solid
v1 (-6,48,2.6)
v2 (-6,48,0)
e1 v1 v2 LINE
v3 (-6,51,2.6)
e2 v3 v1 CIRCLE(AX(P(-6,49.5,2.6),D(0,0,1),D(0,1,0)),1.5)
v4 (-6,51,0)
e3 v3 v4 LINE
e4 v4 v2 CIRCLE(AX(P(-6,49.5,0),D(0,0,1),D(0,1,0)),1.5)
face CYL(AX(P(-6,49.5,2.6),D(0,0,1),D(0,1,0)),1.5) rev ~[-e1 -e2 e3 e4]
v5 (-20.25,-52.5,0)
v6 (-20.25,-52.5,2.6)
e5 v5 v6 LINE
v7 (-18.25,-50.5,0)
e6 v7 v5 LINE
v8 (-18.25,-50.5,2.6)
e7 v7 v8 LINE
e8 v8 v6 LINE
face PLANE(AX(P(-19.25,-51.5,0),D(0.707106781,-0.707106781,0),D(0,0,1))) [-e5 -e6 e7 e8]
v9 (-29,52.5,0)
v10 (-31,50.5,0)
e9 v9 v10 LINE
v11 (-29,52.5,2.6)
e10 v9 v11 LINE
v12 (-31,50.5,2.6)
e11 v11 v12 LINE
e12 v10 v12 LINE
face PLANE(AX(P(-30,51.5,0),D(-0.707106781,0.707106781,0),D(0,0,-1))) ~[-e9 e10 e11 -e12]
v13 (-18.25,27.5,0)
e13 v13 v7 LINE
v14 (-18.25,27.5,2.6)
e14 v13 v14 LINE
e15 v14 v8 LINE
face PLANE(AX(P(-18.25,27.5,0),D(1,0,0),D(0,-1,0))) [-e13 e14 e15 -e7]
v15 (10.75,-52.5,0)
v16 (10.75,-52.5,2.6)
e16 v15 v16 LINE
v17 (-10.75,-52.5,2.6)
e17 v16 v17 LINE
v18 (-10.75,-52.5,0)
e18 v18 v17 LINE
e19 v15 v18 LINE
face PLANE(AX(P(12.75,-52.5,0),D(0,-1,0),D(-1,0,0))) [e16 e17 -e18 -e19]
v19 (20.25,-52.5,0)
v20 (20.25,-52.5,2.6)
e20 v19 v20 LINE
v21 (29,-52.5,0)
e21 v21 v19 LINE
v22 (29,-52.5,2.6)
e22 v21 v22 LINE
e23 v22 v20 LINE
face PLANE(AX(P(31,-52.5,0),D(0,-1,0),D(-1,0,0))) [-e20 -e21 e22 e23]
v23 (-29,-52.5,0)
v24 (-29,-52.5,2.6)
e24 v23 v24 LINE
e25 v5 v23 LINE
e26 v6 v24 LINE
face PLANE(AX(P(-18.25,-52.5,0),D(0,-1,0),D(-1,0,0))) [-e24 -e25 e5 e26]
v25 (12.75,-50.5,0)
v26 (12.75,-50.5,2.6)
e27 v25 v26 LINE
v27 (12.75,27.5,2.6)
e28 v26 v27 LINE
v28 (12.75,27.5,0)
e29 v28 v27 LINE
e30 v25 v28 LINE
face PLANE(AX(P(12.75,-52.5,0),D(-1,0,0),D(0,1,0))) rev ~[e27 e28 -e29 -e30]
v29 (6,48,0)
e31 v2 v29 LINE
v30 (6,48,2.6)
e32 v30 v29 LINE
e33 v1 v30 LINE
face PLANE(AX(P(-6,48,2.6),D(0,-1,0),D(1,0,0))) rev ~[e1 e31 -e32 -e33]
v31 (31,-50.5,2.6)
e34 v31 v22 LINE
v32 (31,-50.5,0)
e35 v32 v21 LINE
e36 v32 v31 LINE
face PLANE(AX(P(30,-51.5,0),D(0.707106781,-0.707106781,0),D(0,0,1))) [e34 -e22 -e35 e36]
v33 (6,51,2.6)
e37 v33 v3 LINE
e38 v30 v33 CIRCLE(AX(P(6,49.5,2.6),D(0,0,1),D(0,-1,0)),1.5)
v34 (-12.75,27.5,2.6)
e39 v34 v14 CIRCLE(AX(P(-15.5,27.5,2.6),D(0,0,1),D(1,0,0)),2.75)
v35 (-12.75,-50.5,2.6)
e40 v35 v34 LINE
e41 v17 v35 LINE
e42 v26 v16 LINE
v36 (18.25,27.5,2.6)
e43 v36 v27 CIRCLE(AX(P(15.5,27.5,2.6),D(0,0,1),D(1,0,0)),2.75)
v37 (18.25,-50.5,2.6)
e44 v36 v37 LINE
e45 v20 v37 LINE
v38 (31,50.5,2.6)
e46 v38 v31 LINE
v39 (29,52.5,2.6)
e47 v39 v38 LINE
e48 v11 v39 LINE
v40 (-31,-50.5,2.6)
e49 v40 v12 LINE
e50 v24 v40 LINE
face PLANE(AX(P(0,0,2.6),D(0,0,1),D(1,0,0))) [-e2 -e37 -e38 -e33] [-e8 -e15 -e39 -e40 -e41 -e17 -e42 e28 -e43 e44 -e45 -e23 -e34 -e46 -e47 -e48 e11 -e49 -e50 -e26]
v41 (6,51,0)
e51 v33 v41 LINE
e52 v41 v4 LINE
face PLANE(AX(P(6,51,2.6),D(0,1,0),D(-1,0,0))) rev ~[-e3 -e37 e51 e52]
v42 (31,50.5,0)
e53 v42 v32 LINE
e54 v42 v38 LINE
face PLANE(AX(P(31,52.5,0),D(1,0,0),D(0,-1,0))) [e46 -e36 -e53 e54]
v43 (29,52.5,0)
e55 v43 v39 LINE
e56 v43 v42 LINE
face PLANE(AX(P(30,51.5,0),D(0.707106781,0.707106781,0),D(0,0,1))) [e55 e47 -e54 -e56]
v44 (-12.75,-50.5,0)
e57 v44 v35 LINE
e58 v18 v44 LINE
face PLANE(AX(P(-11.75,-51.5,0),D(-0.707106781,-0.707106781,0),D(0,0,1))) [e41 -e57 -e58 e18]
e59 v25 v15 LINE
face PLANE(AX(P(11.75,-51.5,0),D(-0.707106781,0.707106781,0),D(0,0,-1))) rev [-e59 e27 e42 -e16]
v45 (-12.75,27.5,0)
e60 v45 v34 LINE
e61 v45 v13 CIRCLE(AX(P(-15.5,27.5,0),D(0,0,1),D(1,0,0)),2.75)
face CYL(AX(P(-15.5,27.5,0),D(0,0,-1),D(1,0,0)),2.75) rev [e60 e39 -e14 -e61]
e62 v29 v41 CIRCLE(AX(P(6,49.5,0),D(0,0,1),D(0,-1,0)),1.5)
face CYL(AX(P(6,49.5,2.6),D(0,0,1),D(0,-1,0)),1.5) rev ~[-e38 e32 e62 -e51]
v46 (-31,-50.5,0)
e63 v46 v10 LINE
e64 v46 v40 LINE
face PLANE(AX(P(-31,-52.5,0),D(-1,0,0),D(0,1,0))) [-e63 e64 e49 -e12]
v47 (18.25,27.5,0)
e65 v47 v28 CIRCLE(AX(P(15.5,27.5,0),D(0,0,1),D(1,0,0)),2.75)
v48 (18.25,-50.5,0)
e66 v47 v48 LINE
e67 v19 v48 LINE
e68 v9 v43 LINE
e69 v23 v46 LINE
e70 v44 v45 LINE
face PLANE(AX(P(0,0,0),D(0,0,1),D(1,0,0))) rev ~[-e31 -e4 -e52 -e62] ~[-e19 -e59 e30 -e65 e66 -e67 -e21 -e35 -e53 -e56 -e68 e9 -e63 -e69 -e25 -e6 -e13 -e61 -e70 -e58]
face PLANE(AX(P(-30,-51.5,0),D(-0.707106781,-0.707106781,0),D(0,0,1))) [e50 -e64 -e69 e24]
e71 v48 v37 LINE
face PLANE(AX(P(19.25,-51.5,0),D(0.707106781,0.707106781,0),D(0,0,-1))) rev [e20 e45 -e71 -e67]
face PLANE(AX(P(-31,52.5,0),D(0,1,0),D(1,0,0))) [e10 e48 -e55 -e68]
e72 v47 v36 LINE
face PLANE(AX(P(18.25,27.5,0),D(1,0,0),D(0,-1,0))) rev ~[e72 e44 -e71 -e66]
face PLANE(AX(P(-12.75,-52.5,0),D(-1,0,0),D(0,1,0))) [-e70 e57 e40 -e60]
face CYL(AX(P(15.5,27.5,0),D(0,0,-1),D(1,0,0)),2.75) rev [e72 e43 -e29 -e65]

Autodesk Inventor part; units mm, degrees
ref_plane "YZ Plane" through (0, 0, 0) normal (1, 0, 0) x (0, 1, 0)
ref_plane "XZ Plane" through (0, 0, 0) normal (0, 1, 0) x (-1, 0, 0)
ref_plane "XY Plane" through (0, 0, 0) normal (0, 0, 1) x (1, 0, 0)
sketch "Sketch5" plane through (0, 0, 0) normal (0, 0, 1) x (1, 0, 0)
  line L0 (-31, 52.5) -> (31, 52.5)
  line L1 (31, 52.5) -> (31, -52.5)
  line L2 (-31, -52.5) -> (-31, 52.5)
  line L3 (-15.5, 27.5) -> (-15.5, -52.5) construction
  line L4 (-18.25, 27.5) -> (-18.25, -52.5)
  line L5 (-12.75, -52.5) -> (-12.75, 27.5)
  arc A0 (-12.75, 27.5) -> (-18.25, 27.5) centre (-15.5, 27.5) ccw
  arc A1 (-18.25, -52.5) -> (-12.75, -52.5) centre (-15.5, -52.5) ccw
  line L6 (0, 0) -> (0, 14.7878) construction
  line L7 (15.5, 27.5) -> (15.5, -52.5) construction
  line L8 (18.25, 27.5) -> (18.25, -52.5)
  line L9 (12.75, -52.5) -> (12.75, 27.5)
  arc A2 (18.25, 27.5) -> (12.75, 27.5) centre (15.5, 27.5) ccw
  arc A3 (12.75, -52.5) -> (18.25, -52.5) centre (15.5, -52.5) ccw
  line L10 (-18.25, -52.5) -> (-31, -52.5)
  line L11 (31, -52.5) -> (18.25, -52.5)
  line L12 (12.75, -52.5) -> (-12.75, -52.5)
  point P0 (0, 52.5)
  point P1 (-31, 0)
  point P2 (-15.5, -12.5)
  dimension "d8" = 62
  dimension "d9" = 105
  dimension "d10" = 15.5
  dimension "d11" = 5.5
  dimension "d12" = 80
extrude "Extrusion5" add sketch "Sketch5" along normal blind 2.6 contours L0 L1 L11 L8 A2 L9 L12 L5 A0 L4 L10 L2
chamfer "Chamfer1" distance 2 angle 45 8 edges at (-18.25, -52.5, 1.3) (-12.75, -52.5, 1.3) (12.75, -52.5, 1.3) (18.25, -52.5, 1.3) (31, -52.5, 1.3) (-31, -52.5, 1.3) (31, 52.5, 1.3) (-31, 52.5, 1.3)
sketch "Sketch6" plane through (0, 0, 2.6) normal (0, 0, 1) x (1, 0, 0)
  line L0 (29, 52.5) -> (-29, 52.5) projected
  line L1 (6, 49.5) -> (-6, 49.5) construction
  line L2 (6, 51) -> (-6, 51)
  line L3 (-6, 48) -> (6, 48)
  arc A0 (6, 48) -> (6, 51) centre (6, 49.5) ccw
  arc A1 (-6, 51) -> (-6, 48) centre (-6, 49.5) ccw
  point P0 (0, 0)
  point P1 (0, 49.5)
  dimension "d18" = 12
  dimension "d19" = 3
  dimension "d20" = 1.5
extrude "Extrusion6" cut sketch "Sketch6" against normal through all
properties part number "BC-10027" material "Aço Inox AISI 316"
